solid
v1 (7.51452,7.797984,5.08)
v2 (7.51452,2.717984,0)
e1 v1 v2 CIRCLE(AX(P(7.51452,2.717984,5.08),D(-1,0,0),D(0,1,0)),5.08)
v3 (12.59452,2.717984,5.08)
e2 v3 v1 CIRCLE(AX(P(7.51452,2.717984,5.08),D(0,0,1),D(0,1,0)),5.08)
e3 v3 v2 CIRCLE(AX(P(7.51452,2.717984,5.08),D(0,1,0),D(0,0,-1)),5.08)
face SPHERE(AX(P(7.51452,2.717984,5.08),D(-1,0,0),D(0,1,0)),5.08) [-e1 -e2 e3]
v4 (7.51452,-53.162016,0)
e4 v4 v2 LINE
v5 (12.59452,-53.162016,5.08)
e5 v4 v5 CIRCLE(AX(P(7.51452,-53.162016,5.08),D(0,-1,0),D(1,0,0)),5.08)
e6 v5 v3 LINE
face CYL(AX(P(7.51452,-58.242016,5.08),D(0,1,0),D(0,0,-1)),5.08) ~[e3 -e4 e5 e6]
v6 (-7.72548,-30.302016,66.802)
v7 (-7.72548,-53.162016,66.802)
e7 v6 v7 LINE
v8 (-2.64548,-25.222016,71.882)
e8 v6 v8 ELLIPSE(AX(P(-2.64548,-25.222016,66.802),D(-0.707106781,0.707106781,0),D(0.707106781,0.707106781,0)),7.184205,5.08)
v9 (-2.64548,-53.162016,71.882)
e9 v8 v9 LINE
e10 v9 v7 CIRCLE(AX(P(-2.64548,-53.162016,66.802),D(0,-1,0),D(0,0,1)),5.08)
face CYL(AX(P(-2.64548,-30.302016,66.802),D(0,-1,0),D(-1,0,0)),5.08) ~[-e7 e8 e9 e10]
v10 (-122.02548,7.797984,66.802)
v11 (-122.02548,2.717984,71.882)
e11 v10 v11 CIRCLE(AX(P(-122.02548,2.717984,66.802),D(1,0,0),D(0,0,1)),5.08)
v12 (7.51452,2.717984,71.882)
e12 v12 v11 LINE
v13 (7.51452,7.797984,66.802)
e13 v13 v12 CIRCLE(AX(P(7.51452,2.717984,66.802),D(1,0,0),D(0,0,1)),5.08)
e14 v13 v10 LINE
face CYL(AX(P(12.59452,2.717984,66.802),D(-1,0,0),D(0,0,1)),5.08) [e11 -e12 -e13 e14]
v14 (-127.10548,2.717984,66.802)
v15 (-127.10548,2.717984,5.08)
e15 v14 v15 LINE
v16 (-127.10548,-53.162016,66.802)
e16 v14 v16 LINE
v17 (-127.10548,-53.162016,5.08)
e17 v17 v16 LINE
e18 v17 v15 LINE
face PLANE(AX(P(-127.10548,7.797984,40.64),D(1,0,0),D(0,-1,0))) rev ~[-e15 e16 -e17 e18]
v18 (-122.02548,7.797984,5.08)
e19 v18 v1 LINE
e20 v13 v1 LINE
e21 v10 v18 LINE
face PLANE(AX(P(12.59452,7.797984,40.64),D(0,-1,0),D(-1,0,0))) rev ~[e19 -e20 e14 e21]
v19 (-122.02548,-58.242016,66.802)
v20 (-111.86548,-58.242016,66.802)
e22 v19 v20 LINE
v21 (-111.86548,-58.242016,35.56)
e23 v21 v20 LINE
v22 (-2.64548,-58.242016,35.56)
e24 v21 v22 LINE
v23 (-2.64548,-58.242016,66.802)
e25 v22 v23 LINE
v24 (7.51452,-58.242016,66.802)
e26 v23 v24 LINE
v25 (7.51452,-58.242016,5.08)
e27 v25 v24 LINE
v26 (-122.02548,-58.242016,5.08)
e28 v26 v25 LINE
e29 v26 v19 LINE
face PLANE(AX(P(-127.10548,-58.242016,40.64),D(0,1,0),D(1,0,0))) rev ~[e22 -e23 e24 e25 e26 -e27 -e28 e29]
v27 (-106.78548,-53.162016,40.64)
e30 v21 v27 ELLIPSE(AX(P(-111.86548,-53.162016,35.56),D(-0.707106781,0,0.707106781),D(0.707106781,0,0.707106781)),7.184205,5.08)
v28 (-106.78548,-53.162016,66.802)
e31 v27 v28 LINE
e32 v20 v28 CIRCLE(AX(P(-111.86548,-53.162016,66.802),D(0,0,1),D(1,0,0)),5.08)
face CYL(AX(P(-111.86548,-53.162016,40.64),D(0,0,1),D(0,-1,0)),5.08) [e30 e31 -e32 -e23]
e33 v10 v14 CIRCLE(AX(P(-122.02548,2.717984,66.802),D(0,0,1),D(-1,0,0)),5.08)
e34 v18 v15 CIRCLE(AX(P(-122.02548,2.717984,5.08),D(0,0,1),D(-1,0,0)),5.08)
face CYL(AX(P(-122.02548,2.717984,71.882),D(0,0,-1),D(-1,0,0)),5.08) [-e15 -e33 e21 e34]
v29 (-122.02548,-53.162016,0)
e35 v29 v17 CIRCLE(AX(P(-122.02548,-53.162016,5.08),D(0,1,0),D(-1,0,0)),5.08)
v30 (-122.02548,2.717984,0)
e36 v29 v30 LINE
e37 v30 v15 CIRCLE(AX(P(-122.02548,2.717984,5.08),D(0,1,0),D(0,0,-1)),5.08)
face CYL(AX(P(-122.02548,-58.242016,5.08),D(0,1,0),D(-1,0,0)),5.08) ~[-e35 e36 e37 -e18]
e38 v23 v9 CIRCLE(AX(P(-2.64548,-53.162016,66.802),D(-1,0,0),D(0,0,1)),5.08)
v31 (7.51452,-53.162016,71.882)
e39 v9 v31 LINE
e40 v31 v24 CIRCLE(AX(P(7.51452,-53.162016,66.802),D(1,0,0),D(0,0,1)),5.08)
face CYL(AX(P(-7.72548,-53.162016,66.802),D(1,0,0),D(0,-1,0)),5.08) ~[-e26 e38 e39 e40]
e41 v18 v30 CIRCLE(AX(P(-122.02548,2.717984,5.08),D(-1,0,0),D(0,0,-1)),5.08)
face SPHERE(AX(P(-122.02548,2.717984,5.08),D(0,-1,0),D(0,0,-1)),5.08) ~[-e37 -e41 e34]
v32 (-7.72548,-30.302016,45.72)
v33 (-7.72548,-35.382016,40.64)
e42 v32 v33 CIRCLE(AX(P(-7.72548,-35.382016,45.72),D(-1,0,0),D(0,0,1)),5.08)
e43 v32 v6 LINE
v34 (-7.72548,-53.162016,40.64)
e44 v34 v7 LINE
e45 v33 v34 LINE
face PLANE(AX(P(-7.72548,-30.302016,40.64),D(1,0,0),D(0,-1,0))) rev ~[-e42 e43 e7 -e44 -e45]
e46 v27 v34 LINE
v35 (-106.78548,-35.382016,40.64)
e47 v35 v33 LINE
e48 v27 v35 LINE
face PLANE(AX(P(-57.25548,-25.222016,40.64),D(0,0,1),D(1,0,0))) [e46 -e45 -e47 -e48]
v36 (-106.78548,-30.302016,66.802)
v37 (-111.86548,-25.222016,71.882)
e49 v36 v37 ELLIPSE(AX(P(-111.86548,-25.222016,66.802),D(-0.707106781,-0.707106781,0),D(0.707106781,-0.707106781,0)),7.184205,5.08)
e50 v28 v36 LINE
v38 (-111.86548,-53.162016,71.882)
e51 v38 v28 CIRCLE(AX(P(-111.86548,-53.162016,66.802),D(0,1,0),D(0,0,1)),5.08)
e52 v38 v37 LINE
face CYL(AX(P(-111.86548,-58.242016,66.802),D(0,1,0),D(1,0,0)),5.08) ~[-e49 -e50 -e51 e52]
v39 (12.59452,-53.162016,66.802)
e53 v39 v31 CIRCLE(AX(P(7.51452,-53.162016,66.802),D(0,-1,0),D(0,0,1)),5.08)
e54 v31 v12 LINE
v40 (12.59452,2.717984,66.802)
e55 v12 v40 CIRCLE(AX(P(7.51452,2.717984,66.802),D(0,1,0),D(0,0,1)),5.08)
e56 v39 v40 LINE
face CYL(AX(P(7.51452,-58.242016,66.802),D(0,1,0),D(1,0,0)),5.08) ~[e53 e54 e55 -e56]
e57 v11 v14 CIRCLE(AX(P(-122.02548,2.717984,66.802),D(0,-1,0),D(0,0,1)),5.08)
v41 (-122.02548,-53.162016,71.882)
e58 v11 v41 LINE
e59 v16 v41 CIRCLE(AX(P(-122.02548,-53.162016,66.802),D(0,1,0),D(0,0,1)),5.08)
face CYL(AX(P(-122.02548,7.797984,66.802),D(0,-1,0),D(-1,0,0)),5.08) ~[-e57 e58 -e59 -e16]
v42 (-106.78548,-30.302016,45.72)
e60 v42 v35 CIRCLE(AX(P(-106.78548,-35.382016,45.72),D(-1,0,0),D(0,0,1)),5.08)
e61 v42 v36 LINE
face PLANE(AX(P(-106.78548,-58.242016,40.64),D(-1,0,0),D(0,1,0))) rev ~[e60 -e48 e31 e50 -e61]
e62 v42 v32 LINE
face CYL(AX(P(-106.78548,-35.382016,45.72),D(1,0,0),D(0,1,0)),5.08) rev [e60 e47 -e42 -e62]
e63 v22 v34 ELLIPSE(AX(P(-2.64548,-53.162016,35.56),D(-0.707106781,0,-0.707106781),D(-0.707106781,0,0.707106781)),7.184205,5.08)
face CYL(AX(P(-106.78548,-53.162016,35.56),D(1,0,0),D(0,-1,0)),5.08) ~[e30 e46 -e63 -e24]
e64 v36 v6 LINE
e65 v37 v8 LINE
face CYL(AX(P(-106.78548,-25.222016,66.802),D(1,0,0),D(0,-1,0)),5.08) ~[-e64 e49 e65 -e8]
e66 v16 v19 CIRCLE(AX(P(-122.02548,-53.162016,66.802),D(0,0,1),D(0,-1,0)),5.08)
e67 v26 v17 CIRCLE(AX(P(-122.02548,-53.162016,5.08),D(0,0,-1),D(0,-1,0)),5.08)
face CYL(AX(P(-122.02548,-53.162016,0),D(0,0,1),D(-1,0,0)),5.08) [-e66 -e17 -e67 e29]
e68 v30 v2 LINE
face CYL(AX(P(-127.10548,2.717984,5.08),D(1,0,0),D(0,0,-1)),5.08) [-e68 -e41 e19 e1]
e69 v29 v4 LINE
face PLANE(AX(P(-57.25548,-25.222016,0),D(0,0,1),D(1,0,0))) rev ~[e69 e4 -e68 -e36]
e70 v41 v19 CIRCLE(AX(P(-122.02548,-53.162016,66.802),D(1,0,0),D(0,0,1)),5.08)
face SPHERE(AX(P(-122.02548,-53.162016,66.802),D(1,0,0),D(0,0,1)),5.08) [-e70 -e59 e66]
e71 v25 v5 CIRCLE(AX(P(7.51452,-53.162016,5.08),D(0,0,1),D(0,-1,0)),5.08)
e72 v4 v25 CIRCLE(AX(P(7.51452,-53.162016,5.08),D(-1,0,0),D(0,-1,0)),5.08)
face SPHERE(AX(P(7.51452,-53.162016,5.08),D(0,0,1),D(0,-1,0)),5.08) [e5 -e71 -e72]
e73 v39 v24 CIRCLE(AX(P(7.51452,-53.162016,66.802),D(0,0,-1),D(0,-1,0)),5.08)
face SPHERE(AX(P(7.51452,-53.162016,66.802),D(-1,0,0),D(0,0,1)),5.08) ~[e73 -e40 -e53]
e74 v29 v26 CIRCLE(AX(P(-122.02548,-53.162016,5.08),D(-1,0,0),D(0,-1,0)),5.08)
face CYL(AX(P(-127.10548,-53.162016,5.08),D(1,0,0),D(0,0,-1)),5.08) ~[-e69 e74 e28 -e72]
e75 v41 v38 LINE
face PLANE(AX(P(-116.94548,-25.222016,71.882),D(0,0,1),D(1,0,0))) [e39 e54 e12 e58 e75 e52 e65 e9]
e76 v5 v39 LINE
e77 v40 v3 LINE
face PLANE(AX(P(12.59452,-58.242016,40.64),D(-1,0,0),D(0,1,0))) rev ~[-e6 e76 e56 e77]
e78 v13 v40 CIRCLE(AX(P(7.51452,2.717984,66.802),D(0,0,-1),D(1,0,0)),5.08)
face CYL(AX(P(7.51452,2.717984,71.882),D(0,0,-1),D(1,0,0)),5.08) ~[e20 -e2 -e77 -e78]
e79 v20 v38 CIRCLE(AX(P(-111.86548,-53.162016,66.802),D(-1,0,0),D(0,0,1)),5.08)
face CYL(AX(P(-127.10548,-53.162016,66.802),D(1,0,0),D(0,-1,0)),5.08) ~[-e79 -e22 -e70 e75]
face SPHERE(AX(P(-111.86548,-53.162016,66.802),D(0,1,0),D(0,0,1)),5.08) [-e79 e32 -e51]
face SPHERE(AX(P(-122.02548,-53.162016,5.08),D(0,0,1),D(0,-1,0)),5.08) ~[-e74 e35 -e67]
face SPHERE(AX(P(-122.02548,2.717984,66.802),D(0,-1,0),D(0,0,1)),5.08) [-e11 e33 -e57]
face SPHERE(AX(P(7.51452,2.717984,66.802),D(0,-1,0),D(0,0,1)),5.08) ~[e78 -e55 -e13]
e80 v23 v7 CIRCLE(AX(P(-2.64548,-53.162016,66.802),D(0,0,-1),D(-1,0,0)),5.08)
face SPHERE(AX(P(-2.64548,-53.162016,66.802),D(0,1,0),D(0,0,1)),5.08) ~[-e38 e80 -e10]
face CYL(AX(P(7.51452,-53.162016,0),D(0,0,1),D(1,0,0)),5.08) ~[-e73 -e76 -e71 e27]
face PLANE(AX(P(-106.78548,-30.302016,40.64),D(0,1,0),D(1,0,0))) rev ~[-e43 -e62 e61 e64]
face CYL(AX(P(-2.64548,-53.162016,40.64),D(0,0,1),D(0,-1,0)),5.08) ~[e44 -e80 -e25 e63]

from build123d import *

# Parameters (mm, degrees)
F0_W     = 139.7
F0_H     = 66.04
F1_DEPTH = 40.64
F2_W     = 99.06
F2_H     = 38.1
F3_DEPTH = 31.242
F4_R     = 5.08


with BuildPart() as f1:
    # F0 (on Top) → F1 (new body)
    with BuildSketch(Plane.XY):
        with Locations((-57.2554800045, -25.2220156343)):
            Rectangle(F0_W, F0_H)
    extrude(amount=F1_DEPTH)

    # F2 (on face) → F3 (join)
    with BuildSketch(Plane.XY.offset(40.64)):
        Polygon((-106.7854800045, 7.7979843657), (-127.1054800045, 7.7979843657), (-127.1054800045, -58.2420156343), (-106.7854800045, -58.2420156343), (-106.7854800045, -30.3020156343), align=None)
        Polygon((12.5945199955, 7.7979843657), (-7.7254800045, 7.7979843657), (-7.7254800045, -30.3020156343), (-7.7254800045, -58.2420156343), (12.5945199955, -58.2420156343), align=None)
        with Locations((-57.2554800045, -11.2520156343)):
            Rectangle(F2_W, F2_H)
    extrude(amount=F3_DEPTH)

    # F4
    f4_edges = [f1.edges().sort_by_distance(p)[0] for p in [
        (-57.25548, -30.302016, 71.882),
        (-7.72548, -44.272016, 71.882),
        (-106.78548, -44.272016, 71.882),
        (2.43452, -58.242016, 71.882),
        (12.59452, -25.222016, 71.882),
        (-116.94548, -58.242016, 71.882),
        (-127.10548, -25.222016, 71.882),
        (-57.25548, 7.797984, 71.882),
        (12.59452, -58.242016, 35.941),
        (-7.72548, -58.242016, 56.261),
        (-57.25548, -58.242016, 40.64),
        (-57.25548, -30.302016, 40.64),
        (-106.78548, -58.242016, 56.261),
        (-127.10548, -58.242016, 35.941),
        (-57.25548, -58.242016, 0),
        (-127.10548, -25.222016, 0),
        (-57.25548, 7.797984, 0),
        (-127.10548, 7.797984, 35.941),
        (12.59452, 7.797984, 35.941),
        (12.59452, -25.222016, 0),
    ]]
    fillet(f4_edges, radius=F4_R)


solid = f1.part
